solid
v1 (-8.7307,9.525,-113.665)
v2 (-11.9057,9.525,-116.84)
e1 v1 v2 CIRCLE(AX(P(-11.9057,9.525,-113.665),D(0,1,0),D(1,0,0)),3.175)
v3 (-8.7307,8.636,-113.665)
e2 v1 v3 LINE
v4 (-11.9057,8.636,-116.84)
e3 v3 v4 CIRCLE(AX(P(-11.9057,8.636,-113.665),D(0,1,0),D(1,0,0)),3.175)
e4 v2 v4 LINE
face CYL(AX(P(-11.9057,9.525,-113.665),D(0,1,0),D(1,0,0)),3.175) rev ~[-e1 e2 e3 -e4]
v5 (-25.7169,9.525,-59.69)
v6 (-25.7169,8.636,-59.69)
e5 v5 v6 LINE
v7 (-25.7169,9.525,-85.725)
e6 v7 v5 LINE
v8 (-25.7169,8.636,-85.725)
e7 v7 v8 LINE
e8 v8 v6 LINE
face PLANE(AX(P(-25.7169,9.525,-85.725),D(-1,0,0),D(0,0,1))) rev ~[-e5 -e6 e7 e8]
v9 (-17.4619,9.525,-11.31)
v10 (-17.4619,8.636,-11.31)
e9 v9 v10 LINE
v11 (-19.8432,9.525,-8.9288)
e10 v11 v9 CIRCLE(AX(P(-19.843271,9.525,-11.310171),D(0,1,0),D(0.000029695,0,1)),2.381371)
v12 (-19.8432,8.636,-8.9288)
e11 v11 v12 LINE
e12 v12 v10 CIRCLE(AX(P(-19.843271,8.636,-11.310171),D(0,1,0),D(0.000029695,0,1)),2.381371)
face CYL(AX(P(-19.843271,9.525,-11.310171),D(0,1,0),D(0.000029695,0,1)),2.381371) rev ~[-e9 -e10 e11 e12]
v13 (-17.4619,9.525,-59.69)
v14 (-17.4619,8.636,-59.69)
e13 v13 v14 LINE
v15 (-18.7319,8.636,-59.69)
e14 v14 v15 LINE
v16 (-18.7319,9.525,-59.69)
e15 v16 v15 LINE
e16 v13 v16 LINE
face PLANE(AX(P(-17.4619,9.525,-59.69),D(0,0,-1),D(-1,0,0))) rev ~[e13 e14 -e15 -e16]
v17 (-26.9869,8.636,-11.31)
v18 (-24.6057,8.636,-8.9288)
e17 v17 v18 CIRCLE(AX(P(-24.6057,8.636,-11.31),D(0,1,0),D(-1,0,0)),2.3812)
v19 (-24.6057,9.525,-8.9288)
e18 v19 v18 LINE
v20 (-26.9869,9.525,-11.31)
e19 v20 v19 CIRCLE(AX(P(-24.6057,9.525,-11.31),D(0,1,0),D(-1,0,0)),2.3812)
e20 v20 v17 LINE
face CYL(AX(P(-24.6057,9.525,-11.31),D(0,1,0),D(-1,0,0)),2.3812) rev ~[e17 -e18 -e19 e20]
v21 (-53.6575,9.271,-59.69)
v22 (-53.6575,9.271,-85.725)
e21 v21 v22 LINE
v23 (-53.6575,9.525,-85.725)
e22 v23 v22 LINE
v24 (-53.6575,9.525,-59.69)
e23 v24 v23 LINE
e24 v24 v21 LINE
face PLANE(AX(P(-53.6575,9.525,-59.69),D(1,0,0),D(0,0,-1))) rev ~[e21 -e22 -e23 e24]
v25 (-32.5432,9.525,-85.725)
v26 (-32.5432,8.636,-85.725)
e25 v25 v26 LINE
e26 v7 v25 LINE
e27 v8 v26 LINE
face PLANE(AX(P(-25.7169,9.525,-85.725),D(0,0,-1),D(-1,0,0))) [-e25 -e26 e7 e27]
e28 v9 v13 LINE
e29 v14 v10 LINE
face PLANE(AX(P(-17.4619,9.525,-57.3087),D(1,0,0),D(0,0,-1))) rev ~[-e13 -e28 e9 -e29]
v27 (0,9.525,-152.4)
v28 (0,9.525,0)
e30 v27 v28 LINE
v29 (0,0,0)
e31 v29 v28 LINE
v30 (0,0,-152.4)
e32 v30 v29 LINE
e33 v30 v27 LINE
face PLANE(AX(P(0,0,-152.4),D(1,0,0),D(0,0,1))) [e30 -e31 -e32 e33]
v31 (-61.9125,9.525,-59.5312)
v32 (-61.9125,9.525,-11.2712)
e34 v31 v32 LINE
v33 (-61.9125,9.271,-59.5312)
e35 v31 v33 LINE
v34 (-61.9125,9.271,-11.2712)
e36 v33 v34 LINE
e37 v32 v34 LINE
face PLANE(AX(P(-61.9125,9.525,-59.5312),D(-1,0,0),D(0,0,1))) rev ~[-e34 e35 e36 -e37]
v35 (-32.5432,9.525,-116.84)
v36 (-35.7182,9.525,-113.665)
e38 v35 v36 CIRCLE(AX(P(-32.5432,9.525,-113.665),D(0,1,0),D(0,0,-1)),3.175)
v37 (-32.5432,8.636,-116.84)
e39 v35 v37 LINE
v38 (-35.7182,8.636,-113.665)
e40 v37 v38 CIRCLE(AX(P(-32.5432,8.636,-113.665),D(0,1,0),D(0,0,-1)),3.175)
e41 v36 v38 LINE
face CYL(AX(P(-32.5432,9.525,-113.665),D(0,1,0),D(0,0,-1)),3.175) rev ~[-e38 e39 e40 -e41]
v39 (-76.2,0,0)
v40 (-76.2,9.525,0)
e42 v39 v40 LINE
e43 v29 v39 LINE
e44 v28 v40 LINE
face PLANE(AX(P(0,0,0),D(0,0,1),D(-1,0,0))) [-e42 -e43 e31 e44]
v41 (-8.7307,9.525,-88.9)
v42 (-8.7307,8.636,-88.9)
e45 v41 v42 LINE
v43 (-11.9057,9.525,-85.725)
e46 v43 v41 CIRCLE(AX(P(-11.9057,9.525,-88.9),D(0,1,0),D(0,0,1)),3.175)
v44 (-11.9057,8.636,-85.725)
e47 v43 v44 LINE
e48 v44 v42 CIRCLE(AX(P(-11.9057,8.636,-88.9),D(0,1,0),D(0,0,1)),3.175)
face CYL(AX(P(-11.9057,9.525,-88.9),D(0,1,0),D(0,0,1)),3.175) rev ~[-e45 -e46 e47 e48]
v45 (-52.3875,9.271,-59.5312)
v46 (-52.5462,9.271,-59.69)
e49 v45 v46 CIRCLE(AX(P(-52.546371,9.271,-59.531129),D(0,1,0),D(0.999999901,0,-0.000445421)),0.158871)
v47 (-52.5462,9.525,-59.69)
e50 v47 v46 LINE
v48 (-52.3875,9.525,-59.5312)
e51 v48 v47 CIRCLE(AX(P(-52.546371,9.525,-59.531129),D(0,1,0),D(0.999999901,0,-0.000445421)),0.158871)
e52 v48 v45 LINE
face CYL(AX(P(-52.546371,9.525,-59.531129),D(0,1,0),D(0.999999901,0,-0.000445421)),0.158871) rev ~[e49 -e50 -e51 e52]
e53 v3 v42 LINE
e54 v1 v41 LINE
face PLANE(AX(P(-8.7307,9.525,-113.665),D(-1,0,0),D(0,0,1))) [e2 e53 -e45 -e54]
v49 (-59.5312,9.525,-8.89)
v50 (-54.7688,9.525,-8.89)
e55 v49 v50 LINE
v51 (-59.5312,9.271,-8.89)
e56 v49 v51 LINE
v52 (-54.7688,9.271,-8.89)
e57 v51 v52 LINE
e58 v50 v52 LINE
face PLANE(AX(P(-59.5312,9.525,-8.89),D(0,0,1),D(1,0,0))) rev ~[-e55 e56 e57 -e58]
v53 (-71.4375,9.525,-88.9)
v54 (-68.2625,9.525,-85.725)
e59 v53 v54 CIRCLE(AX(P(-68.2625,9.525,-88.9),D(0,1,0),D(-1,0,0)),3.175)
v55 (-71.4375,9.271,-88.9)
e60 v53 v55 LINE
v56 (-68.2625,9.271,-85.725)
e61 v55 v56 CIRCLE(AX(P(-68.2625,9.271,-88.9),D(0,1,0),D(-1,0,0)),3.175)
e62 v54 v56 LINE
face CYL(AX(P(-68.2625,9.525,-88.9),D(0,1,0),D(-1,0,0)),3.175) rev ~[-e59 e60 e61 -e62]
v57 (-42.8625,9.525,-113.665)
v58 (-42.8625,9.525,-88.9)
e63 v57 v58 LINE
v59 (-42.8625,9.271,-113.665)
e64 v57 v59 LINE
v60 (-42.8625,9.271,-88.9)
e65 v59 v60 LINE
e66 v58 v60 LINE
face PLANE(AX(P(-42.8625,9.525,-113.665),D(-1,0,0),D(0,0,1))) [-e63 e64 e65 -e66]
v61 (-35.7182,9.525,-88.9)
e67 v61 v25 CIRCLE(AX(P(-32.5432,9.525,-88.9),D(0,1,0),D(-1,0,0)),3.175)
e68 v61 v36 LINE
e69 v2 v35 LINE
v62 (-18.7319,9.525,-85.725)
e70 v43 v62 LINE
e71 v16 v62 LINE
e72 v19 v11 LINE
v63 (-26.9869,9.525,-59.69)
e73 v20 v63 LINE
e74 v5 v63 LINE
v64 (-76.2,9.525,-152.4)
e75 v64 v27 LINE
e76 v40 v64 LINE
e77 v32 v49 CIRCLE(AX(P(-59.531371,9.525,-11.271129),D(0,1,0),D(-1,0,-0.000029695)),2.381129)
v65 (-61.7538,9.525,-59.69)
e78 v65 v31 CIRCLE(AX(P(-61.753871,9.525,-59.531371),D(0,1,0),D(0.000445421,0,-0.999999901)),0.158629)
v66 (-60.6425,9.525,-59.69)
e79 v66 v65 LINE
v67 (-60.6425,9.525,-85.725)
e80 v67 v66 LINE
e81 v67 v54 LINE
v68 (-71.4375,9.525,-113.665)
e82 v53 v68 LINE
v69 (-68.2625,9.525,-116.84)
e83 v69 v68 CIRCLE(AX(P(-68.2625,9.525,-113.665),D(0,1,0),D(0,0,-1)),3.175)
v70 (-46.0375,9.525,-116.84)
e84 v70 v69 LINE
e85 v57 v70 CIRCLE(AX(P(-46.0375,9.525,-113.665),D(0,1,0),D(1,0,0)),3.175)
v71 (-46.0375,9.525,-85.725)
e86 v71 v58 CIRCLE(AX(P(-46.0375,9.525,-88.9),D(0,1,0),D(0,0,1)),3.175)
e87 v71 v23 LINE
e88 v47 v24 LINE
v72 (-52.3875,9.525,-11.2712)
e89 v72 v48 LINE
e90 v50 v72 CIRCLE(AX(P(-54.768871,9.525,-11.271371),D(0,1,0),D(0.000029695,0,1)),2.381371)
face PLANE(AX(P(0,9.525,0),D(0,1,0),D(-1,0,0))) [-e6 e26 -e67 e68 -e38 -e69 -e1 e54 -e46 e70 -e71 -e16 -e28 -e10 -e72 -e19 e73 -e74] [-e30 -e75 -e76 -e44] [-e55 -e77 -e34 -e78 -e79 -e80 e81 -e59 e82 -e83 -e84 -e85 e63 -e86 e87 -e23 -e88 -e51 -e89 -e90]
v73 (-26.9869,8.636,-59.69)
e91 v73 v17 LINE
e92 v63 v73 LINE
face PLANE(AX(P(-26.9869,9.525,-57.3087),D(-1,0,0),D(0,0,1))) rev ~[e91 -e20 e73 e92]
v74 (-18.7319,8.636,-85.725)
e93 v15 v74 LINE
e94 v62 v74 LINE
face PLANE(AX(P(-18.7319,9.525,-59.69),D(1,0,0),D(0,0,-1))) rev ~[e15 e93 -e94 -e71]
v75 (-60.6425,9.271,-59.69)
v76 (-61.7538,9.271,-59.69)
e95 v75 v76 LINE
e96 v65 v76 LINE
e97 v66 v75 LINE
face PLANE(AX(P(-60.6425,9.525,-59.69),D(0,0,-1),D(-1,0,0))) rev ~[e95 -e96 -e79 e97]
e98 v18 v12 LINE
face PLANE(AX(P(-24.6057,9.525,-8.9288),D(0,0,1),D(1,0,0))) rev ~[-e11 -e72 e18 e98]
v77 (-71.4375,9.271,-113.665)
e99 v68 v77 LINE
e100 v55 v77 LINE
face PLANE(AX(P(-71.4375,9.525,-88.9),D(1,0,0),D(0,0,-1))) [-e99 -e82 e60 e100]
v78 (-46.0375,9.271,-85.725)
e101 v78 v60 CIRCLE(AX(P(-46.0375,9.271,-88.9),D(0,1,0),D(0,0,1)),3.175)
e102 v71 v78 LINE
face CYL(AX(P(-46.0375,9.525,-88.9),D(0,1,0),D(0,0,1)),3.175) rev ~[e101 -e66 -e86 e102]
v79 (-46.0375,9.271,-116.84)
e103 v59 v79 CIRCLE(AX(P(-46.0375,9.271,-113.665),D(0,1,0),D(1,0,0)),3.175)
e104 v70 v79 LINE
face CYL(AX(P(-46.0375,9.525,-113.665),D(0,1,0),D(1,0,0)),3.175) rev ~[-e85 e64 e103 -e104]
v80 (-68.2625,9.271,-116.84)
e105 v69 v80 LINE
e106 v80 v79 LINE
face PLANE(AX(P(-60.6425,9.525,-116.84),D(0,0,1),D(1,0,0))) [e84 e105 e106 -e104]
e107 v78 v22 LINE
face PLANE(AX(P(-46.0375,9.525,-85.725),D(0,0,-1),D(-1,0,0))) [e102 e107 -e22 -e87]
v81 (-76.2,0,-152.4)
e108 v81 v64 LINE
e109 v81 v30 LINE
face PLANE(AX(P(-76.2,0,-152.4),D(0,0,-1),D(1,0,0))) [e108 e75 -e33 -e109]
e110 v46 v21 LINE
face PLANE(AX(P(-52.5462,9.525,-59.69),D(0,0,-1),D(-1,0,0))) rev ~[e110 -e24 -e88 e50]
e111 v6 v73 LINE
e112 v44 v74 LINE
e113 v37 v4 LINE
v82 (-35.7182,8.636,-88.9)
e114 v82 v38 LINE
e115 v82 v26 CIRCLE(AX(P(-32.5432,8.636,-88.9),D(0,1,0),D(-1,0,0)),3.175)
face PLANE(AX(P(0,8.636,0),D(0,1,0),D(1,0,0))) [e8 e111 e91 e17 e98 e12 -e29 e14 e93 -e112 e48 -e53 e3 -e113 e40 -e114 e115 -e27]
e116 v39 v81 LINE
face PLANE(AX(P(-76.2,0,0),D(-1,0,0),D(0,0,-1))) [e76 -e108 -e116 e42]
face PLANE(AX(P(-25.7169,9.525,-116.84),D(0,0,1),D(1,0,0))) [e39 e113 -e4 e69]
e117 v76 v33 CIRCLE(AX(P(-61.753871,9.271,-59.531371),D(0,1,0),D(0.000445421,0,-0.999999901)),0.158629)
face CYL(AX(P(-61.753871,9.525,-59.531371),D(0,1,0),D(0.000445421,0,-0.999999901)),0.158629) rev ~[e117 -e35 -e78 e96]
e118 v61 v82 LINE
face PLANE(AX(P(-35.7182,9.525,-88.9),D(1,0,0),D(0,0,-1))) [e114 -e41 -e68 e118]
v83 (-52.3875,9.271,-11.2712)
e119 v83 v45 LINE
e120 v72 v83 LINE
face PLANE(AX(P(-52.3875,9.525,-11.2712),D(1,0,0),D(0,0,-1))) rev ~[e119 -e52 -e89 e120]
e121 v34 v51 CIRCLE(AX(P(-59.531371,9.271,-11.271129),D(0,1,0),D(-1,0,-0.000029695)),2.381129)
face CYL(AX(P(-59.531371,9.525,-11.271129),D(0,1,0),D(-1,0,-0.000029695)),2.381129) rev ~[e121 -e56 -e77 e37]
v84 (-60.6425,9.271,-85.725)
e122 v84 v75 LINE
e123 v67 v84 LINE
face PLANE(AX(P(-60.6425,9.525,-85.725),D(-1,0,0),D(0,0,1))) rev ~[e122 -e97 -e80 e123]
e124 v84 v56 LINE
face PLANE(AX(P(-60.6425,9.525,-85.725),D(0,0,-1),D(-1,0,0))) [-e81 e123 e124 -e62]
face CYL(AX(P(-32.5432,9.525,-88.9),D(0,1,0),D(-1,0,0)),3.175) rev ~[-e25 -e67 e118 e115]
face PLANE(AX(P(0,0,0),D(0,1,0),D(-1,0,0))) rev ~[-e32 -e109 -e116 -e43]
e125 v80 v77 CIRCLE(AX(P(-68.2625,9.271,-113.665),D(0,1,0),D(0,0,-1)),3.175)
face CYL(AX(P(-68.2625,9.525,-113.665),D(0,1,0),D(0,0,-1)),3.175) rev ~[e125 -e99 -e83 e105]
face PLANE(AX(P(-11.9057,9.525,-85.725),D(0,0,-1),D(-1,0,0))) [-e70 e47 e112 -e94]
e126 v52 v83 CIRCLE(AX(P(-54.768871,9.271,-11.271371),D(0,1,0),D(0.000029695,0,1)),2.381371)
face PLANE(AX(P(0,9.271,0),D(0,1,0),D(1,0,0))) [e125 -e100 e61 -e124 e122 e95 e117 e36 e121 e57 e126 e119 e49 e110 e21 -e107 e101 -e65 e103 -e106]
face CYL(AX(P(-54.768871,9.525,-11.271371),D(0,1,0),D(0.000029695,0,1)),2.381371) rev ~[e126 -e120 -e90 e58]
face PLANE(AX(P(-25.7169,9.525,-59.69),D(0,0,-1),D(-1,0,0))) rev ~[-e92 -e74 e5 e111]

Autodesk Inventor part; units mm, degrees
ref_plane "YZ Plane" through (0, 0, 0) normal (1, 0, 0) x (0, 1, 0)
ref_plane "XZ Plane" through (0, 0, 0) normal (0, 1, 0) x (-1, 0, 0)
ref_plane "XY Plane" through (0, 0, 0) normal (0, 0, 1) x (1, 0, 0)
sketch "Sketch1" plane through (0, 0, 0) normal (0, 1, 0) x (-1, 0, 0)
  line L0 (0, 0) -> (76.2, 0)
  line L1 (76.2, 0) -> (76.2, -152.4)
  line L2 (76.2, -152.4) -> (0, -152.4)
  line L3 (0, -152.4) -> (0, 0)
  dimension "d0" = 76.2
  dimension "d1" = 152.4
extrude "Extrusion1" add sketch "Sketch1" along normal blind 9.525
sketch "Sketch2" plane through (0, 9.525, 0) normal (0, 1, 0) x (1, 0, 0)
  line L0 (-59.5312, 8.89) -> (-54.7688, 8.89)
  line L1 (-52.3875, 11.2712) -> (-52.3875, 59.5312)
  line L2 (-61.9125, 59.5312) -> (-61.9125, 11.2712)
  line L3 (-76.2, 152.4) -> (-76.2, 0) projected
  line L4 (-76.2, 0) -> (0, 0) projected
  arc A0 (-61.9125, 9.0487) -> (-61.7538, 8.89) centre (-61.7538, 9.0487) ccw
  arc A1 (-52.5462, 8.89) -> (-52.3875, 9.0487) centre (-52.5462, 9.0487) ccw
  arc A2 (-52.3875, 59.5312) -> (-52.5462, 59.69) centre (-52.5462, 59.5312) ccw
  arc A3 (-61.7538, 59.69) -> (-61.9125, 59.5312) centre (-61.7538, 59.5312) ccw
  line L5 (-60.6425, 59.69) -> (-53.6575, 59.69)
  line L6 (-53.6575, 59.69) -> (-53.6575, 116.84)
  line L7 (-60.6425, 116.84) -> (-60.6425, 59.69)
  line L8 (-52.5462, 59.69) -> (-53.6575, 59.69)
  line L9 (-60.6425, 59.69) -> (-61.7538, 59.69)
  line L10 (-68.2625, 116.84) -> (-46.0375, 116.84)
  line L11 (-42.8625, 113.665) -> (-42.8625, 88.9)
  line L12 (-46.0375, 85.725) -> (-68.2625, 85.725)
  line L13 (-71.4375, 88.9) -> (-71.4375, 113.665)
  arc A4 (-71.4375, 88.9) -> (-68.2625, 85.725) centre (-68.2625, 88.9) ccw
  arc A5 (-68.2625, 116.84) -> (-71.4375, 113.665) centre (-68.2625, 113.665) ccw
  arc A6 (-42.8625, 113.665) -> (-46.0375, 116.84) centre (-46.0375, 113.665) ccw
  arc A7 (-46.0375, 85.725) -> (-42.8625, 88.9) centre (-46.0375, 88.9) ccw
  arc A8 (-54.7688, 8.89) -> (-52.3875, 11.2712) centre (-54.7688, 11.2712) ccw
  arc A9 (-61.9125, 11.2712) -> (-59.5312, 8.89) centre (-59.5312, 11.2712) ccw
  point P0 (-61.9125, 8.89)
  point P1 (-52.3875, 69.85)
  point P2 (-52.3875, 8.89)
  point P3 (-61.9125, 69.85)
  point P4 (-57.15, 69.85)
  point P5 (-57.15, 132.715)
  point P6 (-71.4375, 116.84)
  point P7 (-42.8625, 85.725)
  point P8 (-42.8625, 116.84)
  point P9 (-71.4375, 85.725)
  point P10 (-57.15, 116.84)
  point P11 (-57.15, 8.89)
  point P12 (-57.15, 59.69)
  point P13 (-60.6425, 85.725)
  point P14 (-53.6575, 85.725)
  dimension "d22" = 0
  dimension "d28" = 0
  dimension "d36" = 26.035
  dimension "d37" = 50.8
  dimension "d41" = 9.525
  dimension "d47" = 2.3813
extrude "Extrusion2" cut sketch "Sketch2" against normal blind 0.254
sketch "Sketch3" plane through (0, 9.525, 0) normal (0, 1, 0) x (1, 0, 0)
  line L0 (-24.6057, 8.9288) -> (-19.8432, 8.9288)
  line L1 (-17.4619, 11.31) -> (-17.4619, 57.3087)
  line L2 (-26.9869, 57.3087) -> (-26.9869, 11.31)
  arc A0 (-26.9869, 11.31) -> (-24.6057, 8.9288) centre (-24.6057, 11.31) ccw
  arc A1 (-19.8432, 8.9288) -> (-17.4619, 11.31) centre (-19.8432, 11.31) ccw
  line L3 (-18.7319, 59.69) -> (-18.7319, 116.84)
  line L4 (-25.7169, 116.84) -> (-25.7169, 59.69)
  line L5 (0, 152.4) -> (-76.2, 152.4) projected
  line L6 (-32.5432, 116.84) -> (-11.9057, 116.84)
  line L7 (-8.7307, 113.665) -> (-8.7307, 88.9)
  line L8 (-11.9057, 85.725) -> (-32.5432, 85.725)
  line L9 (-35.7182, 88.9) -> (-35.7182, 113.665)
  line L10 (-46.0375, 85.725) -> (-53.6575, 85.725) projected
  arc A2 (-32.5432, 116.84) -> (-35.7182, 113.665) centre (-32.5432, 113.665) ccw
  arc A3 (-35.7182, 88.9) -> (-32.5432, 85.725) centre (-32.5432, 88.9) ccw
  arc A4 (-11.9057, 85.725) -> (-8.7307, 88.9) centre (-11.9057, 88.9) ccw
  arc A5 (-8.7307, 113.665) -> (-11.9057, 116.84) centre (-11.9057, 113.665) ccw
  line L11 (-17.4619, 57.3087) -> (-17.4619, 59.69)
  line L12 (-17.4619, 59.69) -> (-18.7319, 59.69)
  line L13 (-25.7169, 59.69) -> (-26.9869, 59.69)
  line L14 (-26.9869, 59.69) -> (-26.9869, 57.3087)
  point P0 (0, 0)
  point P1 (-26.9869, 8.9288)
  point P2 (-21.4307, 55.0791)
  point P3 (-22.2244, 132.715)
  point P4 (-8.7307, 85.725)
  point P5 (-35.7182, 85.725)
  point P6 (-22.2244, 116.84)
  point P7 (-49.8475, 85.725)
  point P8 (-25.7169, 85.725)
  point P9 (-18.7319, 116.84)
  point P10 (-18.7319, 85.725)
  point P11 (-25.1613, 59.69)
  point P12 (-22.2244, 8.9288)
  dimension "d12" = 9.525
  dimension "d13" = 2.3813
  dimension "d33" = 0
  dimension "d34" = 3.175
  dimension "d40" = 26.035
  dimension "d42" = 0
  dimension "d43" = 0
  dimension "d45" = 6.985
extrude "Extrusion3" cut sketch "Sketch3" against normal blind 0.889
properties part number "0p03_total_thickness"
